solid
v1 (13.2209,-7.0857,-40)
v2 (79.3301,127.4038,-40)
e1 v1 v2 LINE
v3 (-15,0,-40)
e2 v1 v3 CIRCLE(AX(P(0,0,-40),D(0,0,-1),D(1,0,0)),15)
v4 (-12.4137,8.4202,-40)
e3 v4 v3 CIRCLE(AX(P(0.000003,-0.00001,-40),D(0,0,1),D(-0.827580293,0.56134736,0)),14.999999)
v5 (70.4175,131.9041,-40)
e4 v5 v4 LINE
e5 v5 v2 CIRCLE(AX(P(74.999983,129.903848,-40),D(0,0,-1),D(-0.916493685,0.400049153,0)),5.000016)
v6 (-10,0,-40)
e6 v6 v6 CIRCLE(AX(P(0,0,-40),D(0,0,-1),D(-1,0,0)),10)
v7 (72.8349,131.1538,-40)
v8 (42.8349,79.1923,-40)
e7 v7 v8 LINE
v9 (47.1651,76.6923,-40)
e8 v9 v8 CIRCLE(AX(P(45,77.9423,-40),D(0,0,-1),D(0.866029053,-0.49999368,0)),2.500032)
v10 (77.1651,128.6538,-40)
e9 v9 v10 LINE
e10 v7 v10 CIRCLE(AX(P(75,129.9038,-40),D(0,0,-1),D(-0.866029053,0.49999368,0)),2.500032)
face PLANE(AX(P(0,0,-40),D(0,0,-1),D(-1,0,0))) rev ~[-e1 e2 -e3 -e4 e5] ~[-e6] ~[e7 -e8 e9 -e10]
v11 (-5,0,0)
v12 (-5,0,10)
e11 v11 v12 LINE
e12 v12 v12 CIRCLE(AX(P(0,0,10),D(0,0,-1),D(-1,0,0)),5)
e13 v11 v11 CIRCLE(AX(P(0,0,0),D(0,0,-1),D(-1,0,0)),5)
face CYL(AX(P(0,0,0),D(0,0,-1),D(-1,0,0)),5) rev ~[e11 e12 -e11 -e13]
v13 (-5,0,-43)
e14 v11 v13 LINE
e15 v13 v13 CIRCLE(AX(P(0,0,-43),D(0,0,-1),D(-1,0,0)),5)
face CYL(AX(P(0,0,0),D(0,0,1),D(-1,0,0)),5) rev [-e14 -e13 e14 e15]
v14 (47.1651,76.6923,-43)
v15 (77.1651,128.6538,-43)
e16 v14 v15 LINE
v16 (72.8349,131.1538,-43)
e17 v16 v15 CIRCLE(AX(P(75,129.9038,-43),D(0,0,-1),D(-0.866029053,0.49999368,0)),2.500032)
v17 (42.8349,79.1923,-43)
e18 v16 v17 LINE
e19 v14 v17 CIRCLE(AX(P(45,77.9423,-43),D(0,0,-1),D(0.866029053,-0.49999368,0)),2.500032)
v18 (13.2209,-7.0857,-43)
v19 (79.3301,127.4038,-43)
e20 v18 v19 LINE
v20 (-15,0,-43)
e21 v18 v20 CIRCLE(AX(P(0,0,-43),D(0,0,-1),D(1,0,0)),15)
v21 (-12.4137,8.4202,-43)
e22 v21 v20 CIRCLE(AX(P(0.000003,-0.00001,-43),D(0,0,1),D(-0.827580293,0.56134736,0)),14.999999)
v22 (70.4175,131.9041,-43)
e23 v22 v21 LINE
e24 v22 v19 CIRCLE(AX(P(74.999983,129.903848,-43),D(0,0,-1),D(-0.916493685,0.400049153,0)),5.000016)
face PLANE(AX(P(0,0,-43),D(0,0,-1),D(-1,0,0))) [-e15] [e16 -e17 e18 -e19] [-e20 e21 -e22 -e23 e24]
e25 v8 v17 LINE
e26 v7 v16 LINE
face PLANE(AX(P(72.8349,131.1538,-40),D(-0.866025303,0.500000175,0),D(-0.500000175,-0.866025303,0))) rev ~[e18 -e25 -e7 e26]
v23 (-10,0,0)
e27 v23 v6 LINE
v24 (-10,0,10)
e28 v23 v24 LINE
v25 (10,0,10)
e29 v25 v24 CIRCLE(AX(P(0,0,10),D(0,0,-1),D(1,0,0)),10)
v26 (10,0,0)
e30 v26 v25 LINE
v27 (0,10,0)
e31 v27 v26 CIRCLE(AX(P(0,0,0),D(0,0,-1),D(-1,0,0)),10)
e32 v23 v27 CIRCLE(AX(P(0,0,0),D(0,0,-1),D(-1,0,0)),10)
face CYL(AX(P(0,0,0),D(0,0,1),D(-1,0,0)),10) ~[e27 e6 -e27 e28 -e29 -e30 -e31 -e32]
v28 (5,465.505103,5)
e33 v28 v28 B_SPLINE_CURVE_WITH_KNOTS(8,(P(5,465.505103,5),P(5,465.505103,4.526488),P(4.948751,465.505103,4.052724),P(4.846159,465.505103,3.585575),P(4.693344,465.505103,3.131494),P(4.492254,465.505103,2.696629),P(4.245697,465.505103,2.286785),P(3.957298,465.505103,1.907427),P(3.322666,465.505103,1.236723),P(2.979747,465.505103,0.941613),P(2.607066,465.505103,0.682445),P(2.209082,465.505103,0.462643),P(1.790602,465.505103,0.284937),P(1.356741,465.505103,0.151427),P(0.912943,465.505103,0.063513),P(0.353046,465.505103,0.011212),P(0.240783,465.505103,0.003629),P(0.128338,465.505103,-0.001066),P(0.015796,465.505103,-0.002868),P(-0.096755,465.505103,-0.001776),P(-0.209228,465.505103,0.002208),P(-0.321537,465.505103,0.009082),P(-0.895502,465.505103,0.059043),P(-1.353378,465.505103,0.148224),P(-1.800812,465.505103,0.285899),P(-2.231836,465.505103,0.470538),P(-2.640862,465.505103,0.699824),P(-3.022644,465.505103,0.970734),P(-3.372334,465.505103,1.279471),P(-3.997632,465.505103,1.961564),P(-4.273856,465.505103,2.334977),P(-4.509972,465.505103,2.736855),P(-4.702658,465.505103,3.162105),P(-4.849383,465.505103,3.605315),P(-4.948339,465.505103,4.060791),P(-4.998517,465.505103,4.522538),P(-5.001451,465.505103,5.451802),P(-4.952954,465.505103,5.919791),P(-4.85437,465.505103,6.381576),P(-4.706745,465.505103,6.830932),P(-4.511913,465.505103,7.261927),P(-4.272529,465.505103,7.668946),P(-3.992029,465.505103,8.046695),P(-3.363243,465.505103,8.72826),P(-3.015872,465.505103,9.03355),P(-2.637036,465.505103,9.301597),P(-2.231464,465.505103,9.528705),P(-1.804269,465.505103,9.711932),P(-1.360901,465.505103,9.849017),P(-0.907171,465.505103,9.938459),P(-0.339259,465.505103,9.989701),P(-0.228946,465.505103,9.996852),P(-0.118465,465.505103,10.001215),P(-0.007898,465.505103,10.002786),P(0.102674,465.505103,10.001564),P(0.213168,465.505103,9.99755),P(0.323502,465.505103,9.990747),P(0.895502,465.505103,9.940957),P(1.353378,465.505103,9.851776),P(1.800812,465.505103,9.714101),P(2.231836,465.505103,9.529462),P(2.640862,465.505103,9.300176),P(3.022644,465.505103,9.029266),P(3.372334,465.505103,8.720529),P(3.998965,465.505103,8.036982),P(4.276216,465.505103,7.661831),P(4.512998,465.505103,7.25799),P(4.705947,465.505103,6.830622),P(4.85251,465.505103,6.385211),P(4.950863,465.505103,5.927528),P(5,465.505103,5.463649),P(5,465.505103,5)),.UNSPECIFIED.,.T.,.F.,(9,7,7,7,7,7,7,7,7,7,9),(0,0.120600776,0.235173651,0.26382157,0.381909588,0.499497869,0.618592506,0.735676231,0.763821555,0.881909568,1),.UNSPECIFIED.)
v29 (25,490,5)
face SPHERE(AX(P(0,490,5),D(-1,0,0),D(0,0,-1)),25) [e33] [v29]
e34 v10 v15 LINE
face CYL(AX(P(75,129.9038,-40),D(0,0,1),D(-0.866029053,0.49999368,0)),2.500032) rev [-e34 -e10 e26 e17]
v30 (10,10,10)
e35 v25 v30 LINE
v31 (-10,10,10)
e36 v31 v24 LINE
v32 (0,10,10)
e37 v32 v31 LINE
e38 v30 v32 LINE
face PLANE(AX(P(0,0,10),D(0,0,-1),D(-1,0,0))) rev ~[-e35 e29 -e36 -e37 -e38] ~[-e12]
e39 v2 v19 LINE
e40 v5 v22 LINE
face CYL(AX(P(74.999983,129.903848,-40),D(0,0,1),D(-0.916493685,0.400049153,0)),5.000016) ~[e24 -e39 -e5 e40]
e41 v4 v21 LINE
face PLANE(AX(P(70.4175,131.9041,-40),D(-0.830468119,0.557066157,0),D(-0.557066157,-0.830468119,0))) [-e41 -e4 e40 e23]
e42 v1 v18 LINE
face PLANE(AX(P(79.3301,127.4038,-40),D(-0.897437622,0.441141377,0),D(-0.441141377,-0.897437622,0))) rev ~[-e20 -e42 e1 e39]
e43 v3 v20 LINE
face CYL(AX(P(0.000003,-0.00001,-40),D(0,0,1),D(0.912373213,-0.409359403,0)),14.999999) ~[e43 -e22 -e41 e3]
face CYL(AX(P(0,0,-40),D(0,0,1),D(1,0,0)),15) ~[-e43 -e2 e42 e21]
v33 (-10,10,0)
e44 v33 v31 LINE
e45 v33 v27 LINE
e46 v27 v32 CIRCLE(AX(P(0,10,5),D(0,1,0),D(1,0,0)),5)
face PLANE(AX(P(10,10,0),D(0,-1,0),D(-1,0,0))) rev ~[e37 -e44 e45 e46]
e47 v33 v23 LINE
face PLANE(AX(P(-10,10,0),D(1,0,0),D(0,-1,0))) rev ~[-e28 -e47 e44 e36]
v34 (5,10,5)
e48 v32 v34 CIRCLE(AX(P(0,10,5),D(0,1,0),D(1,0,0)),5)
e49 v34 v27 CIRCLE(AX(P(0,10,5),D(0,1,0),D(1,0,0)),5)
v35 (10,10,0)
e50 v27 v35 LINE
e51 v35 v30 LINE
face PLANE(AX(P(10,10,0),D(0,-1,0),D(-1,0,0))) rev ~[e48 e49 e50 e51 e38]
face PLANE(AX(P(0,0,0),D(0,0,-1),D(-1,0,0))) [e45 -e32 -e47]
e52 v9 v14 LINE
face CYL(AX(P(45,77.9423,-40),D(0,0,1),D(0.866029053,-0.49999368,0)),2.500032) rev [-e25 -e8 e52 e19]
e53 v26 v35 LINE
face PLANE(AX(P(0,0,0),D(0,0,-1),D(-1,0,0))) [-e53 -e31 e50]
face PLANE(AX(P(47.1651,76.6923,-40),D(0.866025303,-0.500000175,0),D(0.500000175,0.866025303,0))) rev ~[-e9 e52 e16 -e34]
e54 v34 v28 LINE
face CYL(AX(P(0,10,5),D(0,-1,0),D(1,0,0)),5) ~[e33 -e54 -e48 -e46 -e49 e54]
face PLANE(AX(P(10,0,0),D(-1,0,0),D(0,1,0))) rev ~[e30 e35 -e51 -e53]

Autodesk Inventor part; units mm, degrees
ref_plane "YZ Plane" through (0, 0, 0) normal (1, 0, 0) x (0, 1, 0)
ref_plane "XZ Plane" through (0, 0, 0) normal (0, 1, 0) x (-1, 0, 0)
ref_plane "XY Plane" through (0, 0, 0) normal (0, 0, 1) x (1, 0, 0)
ref_plane "Plano de trabajo1" through (0, 0, 0) normal (0, 0, -1) x (-1, 0, 0)
sketch "Boceto4" plane through (0, 0, 0) normal (0, 0, -1) x (-1, 0, 0)
  circle A0 centre (0, 0) radius 5
  circle A1 centre (0, 0) radius 10
  dimension "d16" = 20
extrude "Extrusión2" add sketch "Boceto4" along normal blind 40
sketch "Boceto5" plane through (0, 0, -40) normal (0, 0, -1) x (-1, 0, 0)
  arc A0 (-15, 0) -> (15, 0) centre (0, 0) ccw projected
  line L0 (-72.8349, 131.1538) -> (-42.8349, 79.1923)
  line L1 (-47.1651, 76.6923) -> (-77.1651, 128.6538)
  arc A1 (-72.8349, 131.1538) -> (-77.1651, 128.6538) centre (-75, 129.9038) ccw
  arc A2 (-70.4175, 131.9041) -> (-79.3301, 127.4038) centre (-75, 129.9038) ccw
  arc A3 (-47.1651, 76.6923) -> (-42.8349, 79.1923) centre (-45, 77.9423) ccw
  arc A4 (-15, 0) -> (15, 0) centre (0, 0) ccw
  arc A5 (-13.6856, -6.1404) -> (12.4137, 8.4202) centre (0, 0) ccw
  line L2 (-79.3301, 127.4038) -> (-13.2209, -7.0857)
  line L3 (-70.4175, 131.9041) -> (12.5, 8.2916)
  circle A6 centre (0, 0) radius 5
  point P0 (-13.2209, -7.0857)
  point P1 (15, 0)
  point P2 (12.5, 8.2916)
extrude "Extrusión3" add sketch "Boceto5" along normal blind 3 contours L2 A2 L3 A5 A0
sketch "Boceto10" plane through (0, 0, 0) normal (0, 0, -1) x (-1, 0, 0)
  arc A0 (-10, 0) -> (10, 0) centre (0, 0) ccw
  circle A1 centre (0, 0) radius 10 projected
  line L0 (-10, 0) -> (-10, 10)
  line L1 (-10, 10) -> (10, 10)
  line L2 (10, 10) -> (10, 0)
  circle A2 centre (0, 0) radius 5
  dimension "d29" = 10
extrude "Extrusión5" add sketch "Boceto10" against normal blind 10
sketch "Boceto11" plane through (-10, 10, 0) normal (0, 1, 0) x (1, 0, 0)
  circle A0 centre (10, -5) radius 5
  point P0 (10, 0)
extrude "Extrusión6" add sketch "Boceto11" along normal blind 480
sketch "Boceto12" plane through (0, 490, 5) normal (0, 1, 0) x (1, 0, 0)
  arc A0 (25, 0) -> (-25, 0) centre (0, 0) ccw
  line L0 (25, 0) -> (-25, 0)
  point P0 (0, 5)
revolve "Revolución1" add sketch "Boceto12" angle 360 about axis through (25, 490, 5) along (-1, 0, 0)
properties part number "Palanca"
